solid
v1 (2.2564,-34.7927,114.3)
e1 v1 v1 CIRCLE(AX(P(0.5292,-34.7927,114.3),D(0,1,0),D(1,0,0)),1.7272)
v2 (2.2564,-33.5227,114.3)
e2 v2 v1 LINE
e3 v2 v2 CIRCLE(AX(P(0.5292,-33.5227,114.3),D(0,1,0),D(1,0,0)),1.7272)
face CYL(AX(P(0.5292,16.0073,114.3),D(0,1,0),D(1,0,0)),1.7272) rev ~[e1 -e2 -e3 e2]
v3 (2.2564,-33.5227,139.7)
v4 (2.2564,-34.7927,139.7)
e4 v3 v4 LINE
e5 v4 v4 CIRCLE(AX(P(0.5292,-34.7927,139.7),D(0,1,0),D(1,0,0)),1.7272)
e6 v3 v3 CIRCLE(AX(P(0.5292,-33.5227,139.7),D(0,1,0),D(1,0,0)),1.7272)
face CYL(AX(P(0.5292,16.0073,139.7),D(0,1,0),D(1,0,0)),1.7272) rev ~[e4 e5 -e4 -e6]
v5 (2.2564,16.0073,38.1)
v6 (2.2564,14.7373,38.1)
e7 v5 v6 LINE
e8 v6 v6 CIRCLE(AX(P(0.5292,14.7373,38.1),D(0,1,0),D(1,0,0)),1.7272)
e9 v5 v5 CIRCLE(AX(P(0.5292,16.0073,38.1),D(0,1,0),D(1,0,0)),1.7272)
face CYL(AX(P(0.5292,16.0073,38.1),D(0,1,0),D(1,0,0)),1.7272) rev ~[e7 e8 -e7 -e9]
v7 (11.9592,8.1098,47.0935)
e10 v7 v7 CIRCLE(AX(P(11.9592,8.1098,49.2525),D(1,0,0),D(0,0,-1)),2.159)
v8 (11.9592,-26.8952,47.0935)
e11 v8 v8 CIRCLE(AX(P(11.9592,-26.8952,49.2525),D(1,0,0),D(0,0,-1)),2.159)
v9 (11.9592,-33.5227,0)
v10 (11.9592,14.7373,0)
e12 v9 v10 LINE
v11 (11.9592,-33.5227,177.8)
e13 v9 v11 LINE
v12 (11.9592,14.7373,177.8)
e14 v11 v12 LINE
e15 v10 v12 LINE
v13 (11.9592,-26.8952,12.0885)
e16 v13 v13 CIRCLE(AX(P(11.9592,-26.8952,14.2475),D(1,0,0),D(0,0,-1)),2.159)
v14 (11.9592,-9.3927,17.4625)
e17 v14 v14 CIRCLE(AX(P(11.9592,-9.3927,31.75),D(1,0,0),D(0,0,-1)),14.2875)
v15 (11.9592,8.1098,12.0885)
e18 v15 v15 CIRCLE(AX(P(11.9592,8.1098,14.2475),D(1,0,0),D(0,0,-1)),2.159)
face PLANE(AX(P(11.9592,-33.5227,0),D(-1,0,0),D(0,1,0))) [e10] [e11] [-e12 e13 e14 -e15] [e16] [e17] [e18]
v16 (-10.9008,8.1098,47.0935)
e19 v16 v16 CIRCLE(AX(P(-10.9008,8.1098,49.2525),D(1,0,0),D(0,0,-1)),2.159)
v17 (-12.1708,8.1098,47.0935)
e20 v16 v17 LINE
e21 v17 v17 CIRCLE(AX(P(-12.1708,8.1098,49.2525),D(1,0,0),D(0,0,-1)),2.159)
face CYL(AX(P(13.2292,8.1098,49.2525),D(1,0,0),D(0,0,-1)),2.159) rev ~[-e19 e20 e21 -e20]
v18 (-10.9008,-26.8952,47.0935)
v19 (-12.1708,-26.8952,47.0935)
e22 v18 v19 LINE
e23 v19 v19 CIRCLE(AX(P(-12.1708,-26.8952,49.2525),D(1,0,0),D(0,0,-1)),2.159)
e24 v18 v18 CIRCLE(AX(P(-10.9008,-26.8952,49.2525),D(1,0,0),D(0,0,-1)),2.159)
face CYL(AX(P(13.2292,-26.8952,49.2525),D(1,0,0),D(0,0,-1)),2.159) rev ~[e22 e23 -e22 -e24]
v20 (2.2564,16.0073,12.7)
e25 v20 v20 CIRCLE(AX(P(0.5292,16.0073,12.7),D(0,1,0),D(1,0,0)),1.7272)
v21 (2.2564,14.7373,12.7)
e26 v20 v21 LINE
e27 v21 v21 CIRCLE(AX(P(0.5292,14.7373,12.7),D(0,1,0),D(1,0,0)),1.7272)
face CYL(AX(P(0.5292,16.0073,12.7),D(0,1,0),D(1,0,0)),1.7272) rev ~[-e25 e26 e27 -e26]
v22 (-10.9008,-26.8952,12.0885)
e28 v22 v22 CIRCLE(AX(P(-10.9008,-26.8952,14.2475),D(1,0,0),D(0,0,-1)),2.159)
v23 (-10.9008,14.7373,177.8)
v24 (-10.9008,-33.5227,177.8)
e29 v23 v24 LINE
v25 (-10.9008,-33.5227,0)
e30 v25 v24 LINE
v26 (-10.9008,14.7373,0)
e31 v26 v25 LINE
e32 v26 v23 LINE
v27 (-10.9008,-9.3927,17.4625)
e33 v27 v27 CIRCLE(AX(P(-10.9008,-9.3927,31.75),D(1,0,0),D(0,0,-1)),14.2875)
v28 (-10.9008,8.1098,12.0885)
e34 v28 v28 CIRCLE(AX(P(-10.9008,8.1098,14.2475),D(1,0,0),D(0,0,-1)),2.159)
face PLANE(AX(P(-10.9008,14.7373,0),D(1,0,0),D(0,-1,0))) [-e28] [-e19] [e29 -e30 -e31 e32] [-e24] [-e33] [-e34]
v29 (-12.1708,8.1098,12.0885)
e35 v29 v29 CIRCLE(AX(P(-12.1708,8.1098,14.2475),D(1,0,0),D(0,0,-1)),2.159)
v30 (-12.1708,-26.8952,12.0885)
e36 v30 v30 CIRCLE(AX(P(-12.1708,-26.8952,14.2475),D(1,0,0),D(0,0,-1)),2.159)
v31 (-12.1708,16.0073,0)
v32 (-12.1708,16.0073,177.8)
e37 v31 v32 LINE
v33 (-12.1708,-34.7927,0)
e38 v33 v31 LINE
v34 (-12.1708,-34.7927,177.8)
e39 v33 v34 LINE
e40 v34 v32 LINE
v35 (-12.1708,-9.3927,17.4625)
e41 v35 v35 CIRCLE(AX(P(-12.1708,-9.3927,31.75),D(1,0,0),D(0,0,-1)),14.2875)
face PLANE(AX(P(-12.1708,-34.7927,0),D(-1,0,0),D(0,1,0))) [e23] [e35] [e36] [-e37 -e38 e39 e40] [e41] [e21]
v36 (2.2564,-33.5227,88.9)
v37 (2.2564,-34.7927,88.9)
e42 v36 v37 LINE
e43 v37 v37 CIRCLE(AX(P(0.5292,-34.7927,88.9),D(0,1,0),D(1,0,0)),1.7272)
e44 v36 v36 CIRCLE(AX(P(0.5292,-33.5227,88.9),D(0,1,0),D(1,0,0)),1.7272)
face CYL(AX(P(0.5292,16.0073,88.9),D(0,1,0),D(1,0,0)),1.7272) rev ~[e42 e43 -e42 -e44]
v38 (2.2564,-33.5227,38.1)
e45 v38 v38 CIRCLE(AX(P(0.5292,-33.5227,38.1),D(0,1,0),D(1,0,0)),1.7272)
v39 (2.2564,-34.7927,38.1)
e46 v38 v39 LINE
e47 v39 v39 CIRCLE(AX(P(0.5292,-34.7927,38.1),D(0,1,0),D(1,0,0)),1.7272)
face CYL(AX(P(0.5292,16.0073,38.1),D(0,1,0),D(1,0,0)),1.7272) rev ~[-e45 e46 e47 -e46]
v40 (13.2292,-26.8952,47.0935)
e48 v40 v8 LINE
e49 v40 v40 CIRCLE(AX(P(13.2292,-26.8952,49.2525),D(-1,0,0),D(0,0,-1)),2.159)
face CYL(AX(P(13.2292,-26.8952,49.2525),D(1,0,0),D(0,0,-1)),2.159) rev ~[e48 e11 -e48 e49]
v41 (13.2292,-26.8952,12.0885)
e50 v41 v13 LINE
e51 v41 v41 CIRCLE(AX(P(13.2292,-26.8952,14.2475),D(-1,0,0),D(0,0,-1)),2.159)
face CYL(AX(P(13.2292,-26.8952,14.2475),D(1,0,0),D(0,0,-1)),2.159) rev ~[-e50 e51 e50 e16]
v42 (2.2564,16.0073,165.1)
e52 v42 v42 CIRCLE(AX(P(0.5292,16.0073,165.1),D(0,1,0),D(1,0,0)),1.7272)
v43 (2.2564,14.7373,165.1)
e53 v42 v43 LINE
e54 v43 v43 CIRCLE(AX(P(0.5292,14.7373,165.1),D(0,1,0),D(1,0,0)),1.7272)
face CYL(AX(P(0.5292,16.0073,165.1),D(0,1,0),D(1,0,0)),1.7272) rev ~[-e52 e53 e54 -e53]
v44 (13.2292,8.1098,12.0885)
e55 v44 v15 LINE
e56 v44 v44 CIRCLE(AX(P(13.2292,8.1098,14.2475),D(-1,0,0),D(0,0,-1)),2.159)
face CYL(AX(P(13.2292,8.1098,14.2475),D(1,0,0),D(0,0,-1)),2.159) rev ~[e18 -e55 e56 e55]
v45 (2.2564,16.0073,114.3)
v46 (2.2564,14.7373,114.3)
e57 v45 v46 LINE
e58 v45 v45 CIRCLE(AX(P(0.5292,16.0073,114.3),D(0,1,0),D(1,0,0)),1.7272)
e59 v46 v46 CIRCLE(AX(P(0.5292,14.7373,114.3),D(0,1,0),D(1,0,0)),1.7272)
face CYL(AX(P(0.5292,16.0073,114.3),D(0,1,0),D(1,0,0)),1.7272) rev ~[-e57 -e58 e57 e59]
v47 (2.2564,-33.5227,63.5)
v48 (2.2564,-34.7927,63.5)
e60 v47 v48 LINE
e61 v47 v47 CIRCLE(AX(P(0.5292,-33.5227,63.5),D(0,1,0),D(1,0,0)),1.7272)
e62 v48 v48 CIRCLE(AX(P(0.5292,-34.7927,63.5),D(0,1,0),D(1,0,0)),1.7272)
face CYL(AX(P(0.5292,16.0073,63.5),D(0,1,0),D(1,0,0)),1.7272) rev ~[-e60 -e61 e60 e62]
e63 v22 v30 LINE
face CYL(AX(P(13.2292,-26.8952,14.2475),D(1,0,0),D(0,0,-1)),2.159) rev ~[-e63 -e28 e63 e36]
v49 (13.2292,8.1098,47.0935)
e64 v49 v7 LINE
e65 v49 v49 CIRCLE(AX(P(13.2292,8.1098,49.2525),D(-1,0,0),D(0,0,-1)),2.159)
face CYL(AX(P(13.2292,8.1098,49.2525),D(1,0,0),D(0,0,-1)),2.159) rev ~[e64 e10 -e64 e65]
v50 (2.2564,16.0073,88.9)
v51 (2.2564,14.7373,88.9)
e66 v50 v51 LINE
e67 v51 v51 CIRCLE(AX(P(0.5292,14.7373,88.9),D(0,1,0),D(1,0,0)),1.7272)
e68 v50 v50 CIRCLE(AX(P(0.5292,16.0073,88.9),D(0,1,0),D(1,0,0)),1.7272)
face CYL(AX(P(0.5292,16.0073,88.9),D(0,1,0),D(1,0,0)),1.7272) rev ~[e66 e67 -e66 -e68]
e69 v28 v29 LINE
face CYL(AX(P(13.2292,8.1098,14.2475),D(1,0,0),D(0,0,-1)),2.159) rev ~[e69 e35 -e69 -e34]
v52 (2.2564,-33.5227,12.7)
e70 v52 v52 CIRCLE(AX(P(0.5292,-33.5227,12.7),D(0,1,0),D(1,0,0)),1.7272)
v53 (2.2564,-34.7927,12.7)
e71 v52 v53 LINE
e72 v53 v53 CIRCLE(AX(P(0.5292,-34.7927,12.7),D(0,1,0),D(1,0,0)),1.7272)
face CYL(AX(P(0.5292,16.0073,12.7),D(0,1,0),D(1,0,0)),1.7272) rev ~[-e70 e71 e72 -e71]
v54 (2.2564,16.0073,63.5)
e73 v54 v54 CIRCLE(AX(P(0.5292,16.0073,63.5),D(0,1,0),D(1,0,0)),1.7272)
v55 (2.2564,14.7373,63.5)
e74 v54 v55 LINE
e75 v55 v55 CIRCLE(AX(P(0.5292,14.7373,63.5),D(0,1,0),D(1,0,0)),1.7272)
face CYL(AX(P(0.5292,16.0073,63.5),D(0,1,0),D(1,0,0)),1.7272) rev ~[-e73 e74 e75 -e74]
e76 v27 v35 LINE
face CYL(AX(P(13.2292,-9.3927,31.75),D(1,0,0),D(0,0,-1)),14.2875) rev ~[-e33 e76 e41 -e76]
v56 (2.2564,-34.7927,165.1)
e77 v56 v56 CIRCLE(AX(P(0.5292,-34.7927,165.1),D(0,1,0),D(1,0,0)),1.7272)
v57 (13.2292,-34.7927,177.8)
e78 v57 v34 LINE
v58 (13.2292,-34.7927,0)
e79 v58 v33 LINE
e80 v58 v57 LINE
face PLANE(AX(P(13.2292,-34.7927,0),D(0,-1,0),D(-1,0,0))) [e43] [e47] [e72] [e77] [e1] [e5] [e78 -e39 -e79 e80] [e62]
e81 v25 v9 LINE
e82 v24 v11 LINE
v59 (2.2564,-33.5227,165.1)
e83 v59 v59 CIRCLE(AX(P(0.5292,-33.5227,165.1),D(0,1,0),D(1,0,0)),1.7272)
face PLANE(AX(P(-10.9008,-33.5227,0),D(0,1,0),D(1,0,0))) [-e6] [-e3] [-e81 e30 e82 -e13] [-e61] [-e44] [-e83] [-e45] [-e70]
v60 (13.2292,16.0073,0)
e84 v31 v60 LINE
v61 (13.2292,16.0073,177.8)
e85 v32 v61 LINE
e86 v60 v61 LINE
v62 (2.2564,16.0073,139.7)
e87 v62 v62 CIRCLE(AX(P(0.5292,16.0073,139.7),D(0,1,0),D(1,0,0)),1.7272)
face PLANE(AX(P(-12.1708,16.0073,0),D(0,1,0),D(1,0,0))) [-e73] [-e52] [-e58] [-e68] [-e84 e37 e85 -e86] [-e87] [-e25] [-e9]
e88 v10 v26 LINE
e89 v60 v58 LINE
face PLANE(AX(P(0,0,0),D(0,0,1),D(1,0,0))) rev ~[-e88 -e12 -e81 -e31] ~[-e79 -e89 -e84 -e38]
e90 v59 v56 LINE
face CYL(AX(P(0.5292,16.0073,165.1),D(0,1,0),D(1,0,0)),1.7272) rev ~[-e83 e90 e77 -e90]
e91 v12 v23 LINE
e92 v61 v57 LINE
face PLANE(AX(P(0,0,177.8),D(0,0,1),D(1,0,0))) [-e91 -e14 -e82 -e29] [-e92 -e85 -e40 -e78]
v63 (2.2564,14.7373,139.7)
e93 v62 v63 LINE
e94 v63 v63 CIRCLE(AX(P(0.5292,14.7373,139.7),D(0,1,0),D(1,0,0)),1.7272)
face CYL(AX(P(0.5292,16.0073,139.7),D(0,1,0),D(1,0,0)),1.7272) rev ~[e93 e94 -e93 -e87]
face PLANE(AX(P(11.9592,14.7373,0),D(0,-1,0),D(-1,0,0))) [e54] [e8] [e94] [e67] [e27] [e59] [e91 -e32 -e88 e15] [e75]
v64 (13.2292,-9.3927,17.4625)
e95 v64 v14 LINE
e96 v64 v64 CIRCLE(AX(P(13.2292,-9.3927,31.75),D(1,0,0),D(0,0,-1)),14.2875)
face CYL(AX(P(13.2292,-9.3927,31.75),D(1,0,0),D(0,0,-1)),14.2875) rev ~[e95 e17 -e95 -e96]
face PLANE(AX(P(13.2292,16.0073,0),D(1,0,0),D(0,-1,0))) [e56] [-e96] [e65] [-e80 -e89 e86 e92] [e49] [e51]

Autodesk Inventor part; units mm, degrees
ref_plane "YZ Plane" through (0, 0, 0) normal (1, 0, 0) x (0, 1, 0)
ref_plane "XZ Plane" through (0, 0, 0) normal (0, 1, 0) x (-1, 0, 0)
ref_plane "XY Plane" through (0, 0, 0) normal (0, 0, 1) x (1, 0, 0)
sketch "Sketch1" plane through (0, 0, 0) normal (0, 0, 1) x (1, 0, 0)
  line L0 (-12.1708, 16.0073) -> (13.2292, 16.0073)
  line L1 (13.2292, 16.0073) -> (13.2292, -34.7927)
  line L2 (13.2292, -34.7927) -> (-12.1708, -34.7927)
  line L3 (-12.1708, -34.7927) -> (-12.1708, 16.0073)
  line L4 (11.9592, 14.7373) -> (-10.9008, 14.7373)
  line L5 (-10.9008, 14.7373) -> (-10.9008, -33.5227)
  line L6 (-10.9008, -33.5227) -> (11.9592, -33.5227)
  line L7 (11.9592, -33.5227) -> (11.9592, 14.7373)
  point P0 (0, 0)
  dimension "d0" = 25.4
  dimension "d1" = 50.8
  dimension "d2" = 1.27
extrude "Extrusion1" add sketch "Sketch1" along normal blind 177.8
sketch "Sketch2" plane through (-12.1708, 16.0073, 0) normal (0, 1, 0) x (1, 0, 0)
  circle A0 centre (12.7, -12.7) radius 1.7272
  line L0 (25.4, 0) -> (0, 0) projected
  line L1 (0, 0) -> (0, -177.8) projected
  point P0 (12.1708, 0)
  dimension "d5" = 3.4544
  dimension "d6" = 12.7
  dimension "d7" = 12.7
extrude "Extrusion2" cut sketch "Sketch2" against normal through all
pattern_linear "Rectangular Pattern1" count 18 spacing 25.4 along (0, 0, 1) of "Extrusion2"
sketch "Sketch3" plane through (13.2292, -34.7927, 0) normal (1, 0, 0) x (0, 0, -1)
  circle A0 centre (-31.75, 25.4) radius 14.2875
  line L0 (0, 0) -> (-177.8, 0) projected
  line L1 (0, 0) -> (0, 50.8) projected
  circle A1 centre (-31.75, 25.4) radius 24.7523
  line L2 (-14.2475, 42.9025) -> (-49.2525, 42.9025)
  line L3 (-49.2525, 42.9025) -> (-49.2525, 7.8975)
  line L4 (-49.2525, 7.8975) -> (-14.2475, 7.8975)
  line L5 (-14.2475, 7.8975) -> (-14.2475, 42.9025)
  circle A2 centre (-14.2475, 42.9025) radius 2.159
  circle A3 centre (-14.2475, 7.8975) radius 2.159
  circle A4 centre (-49.2525, 7.8975) radius 2.159
  circle A5 centre (-49.2525, 42.9025) radius 2.159
  point P0 (0, 34.7927)
  point P1 (0, 25.4)
  dimension "d15" = 28.575
  dimension "d16" = 25.4
  dimension "d17" = 31.75
  dimension "d20" = 49.5046
  dimension "d22" = 4.318
  dimension "d23" = 4.318
  dimension "d24" = 4.318
  dimension "d25" = 4.318
extrude "Extrusion3" cut sketch "Sketch3" against normal blind 25.4 contours A0 | A2 L5 A1 | A1 A2 | A3 A1 | A1 L5 A3 | L2 A2 A1 | L5 A2 L2 | A1 A3 L4 | L4 A3 L5 | A5 L2 A1 | A1 A5 | A5 L3 L2 | A4 A1 | A1 L4 A4 | L4 L3 A4 | L3 A5 A1 | A1 A4 L3
equation "\"d3\" = d13"
equation "\"d23\" = d22"
equation "\"d24\" = d22"
equation "\"d25\" = d22"
equation "\"d10\" = d14"
equation "\"d13\" = 177.8"
equation "\"d14\" = d13"
properties part number "VersaFrame (Jumper Bar)"
